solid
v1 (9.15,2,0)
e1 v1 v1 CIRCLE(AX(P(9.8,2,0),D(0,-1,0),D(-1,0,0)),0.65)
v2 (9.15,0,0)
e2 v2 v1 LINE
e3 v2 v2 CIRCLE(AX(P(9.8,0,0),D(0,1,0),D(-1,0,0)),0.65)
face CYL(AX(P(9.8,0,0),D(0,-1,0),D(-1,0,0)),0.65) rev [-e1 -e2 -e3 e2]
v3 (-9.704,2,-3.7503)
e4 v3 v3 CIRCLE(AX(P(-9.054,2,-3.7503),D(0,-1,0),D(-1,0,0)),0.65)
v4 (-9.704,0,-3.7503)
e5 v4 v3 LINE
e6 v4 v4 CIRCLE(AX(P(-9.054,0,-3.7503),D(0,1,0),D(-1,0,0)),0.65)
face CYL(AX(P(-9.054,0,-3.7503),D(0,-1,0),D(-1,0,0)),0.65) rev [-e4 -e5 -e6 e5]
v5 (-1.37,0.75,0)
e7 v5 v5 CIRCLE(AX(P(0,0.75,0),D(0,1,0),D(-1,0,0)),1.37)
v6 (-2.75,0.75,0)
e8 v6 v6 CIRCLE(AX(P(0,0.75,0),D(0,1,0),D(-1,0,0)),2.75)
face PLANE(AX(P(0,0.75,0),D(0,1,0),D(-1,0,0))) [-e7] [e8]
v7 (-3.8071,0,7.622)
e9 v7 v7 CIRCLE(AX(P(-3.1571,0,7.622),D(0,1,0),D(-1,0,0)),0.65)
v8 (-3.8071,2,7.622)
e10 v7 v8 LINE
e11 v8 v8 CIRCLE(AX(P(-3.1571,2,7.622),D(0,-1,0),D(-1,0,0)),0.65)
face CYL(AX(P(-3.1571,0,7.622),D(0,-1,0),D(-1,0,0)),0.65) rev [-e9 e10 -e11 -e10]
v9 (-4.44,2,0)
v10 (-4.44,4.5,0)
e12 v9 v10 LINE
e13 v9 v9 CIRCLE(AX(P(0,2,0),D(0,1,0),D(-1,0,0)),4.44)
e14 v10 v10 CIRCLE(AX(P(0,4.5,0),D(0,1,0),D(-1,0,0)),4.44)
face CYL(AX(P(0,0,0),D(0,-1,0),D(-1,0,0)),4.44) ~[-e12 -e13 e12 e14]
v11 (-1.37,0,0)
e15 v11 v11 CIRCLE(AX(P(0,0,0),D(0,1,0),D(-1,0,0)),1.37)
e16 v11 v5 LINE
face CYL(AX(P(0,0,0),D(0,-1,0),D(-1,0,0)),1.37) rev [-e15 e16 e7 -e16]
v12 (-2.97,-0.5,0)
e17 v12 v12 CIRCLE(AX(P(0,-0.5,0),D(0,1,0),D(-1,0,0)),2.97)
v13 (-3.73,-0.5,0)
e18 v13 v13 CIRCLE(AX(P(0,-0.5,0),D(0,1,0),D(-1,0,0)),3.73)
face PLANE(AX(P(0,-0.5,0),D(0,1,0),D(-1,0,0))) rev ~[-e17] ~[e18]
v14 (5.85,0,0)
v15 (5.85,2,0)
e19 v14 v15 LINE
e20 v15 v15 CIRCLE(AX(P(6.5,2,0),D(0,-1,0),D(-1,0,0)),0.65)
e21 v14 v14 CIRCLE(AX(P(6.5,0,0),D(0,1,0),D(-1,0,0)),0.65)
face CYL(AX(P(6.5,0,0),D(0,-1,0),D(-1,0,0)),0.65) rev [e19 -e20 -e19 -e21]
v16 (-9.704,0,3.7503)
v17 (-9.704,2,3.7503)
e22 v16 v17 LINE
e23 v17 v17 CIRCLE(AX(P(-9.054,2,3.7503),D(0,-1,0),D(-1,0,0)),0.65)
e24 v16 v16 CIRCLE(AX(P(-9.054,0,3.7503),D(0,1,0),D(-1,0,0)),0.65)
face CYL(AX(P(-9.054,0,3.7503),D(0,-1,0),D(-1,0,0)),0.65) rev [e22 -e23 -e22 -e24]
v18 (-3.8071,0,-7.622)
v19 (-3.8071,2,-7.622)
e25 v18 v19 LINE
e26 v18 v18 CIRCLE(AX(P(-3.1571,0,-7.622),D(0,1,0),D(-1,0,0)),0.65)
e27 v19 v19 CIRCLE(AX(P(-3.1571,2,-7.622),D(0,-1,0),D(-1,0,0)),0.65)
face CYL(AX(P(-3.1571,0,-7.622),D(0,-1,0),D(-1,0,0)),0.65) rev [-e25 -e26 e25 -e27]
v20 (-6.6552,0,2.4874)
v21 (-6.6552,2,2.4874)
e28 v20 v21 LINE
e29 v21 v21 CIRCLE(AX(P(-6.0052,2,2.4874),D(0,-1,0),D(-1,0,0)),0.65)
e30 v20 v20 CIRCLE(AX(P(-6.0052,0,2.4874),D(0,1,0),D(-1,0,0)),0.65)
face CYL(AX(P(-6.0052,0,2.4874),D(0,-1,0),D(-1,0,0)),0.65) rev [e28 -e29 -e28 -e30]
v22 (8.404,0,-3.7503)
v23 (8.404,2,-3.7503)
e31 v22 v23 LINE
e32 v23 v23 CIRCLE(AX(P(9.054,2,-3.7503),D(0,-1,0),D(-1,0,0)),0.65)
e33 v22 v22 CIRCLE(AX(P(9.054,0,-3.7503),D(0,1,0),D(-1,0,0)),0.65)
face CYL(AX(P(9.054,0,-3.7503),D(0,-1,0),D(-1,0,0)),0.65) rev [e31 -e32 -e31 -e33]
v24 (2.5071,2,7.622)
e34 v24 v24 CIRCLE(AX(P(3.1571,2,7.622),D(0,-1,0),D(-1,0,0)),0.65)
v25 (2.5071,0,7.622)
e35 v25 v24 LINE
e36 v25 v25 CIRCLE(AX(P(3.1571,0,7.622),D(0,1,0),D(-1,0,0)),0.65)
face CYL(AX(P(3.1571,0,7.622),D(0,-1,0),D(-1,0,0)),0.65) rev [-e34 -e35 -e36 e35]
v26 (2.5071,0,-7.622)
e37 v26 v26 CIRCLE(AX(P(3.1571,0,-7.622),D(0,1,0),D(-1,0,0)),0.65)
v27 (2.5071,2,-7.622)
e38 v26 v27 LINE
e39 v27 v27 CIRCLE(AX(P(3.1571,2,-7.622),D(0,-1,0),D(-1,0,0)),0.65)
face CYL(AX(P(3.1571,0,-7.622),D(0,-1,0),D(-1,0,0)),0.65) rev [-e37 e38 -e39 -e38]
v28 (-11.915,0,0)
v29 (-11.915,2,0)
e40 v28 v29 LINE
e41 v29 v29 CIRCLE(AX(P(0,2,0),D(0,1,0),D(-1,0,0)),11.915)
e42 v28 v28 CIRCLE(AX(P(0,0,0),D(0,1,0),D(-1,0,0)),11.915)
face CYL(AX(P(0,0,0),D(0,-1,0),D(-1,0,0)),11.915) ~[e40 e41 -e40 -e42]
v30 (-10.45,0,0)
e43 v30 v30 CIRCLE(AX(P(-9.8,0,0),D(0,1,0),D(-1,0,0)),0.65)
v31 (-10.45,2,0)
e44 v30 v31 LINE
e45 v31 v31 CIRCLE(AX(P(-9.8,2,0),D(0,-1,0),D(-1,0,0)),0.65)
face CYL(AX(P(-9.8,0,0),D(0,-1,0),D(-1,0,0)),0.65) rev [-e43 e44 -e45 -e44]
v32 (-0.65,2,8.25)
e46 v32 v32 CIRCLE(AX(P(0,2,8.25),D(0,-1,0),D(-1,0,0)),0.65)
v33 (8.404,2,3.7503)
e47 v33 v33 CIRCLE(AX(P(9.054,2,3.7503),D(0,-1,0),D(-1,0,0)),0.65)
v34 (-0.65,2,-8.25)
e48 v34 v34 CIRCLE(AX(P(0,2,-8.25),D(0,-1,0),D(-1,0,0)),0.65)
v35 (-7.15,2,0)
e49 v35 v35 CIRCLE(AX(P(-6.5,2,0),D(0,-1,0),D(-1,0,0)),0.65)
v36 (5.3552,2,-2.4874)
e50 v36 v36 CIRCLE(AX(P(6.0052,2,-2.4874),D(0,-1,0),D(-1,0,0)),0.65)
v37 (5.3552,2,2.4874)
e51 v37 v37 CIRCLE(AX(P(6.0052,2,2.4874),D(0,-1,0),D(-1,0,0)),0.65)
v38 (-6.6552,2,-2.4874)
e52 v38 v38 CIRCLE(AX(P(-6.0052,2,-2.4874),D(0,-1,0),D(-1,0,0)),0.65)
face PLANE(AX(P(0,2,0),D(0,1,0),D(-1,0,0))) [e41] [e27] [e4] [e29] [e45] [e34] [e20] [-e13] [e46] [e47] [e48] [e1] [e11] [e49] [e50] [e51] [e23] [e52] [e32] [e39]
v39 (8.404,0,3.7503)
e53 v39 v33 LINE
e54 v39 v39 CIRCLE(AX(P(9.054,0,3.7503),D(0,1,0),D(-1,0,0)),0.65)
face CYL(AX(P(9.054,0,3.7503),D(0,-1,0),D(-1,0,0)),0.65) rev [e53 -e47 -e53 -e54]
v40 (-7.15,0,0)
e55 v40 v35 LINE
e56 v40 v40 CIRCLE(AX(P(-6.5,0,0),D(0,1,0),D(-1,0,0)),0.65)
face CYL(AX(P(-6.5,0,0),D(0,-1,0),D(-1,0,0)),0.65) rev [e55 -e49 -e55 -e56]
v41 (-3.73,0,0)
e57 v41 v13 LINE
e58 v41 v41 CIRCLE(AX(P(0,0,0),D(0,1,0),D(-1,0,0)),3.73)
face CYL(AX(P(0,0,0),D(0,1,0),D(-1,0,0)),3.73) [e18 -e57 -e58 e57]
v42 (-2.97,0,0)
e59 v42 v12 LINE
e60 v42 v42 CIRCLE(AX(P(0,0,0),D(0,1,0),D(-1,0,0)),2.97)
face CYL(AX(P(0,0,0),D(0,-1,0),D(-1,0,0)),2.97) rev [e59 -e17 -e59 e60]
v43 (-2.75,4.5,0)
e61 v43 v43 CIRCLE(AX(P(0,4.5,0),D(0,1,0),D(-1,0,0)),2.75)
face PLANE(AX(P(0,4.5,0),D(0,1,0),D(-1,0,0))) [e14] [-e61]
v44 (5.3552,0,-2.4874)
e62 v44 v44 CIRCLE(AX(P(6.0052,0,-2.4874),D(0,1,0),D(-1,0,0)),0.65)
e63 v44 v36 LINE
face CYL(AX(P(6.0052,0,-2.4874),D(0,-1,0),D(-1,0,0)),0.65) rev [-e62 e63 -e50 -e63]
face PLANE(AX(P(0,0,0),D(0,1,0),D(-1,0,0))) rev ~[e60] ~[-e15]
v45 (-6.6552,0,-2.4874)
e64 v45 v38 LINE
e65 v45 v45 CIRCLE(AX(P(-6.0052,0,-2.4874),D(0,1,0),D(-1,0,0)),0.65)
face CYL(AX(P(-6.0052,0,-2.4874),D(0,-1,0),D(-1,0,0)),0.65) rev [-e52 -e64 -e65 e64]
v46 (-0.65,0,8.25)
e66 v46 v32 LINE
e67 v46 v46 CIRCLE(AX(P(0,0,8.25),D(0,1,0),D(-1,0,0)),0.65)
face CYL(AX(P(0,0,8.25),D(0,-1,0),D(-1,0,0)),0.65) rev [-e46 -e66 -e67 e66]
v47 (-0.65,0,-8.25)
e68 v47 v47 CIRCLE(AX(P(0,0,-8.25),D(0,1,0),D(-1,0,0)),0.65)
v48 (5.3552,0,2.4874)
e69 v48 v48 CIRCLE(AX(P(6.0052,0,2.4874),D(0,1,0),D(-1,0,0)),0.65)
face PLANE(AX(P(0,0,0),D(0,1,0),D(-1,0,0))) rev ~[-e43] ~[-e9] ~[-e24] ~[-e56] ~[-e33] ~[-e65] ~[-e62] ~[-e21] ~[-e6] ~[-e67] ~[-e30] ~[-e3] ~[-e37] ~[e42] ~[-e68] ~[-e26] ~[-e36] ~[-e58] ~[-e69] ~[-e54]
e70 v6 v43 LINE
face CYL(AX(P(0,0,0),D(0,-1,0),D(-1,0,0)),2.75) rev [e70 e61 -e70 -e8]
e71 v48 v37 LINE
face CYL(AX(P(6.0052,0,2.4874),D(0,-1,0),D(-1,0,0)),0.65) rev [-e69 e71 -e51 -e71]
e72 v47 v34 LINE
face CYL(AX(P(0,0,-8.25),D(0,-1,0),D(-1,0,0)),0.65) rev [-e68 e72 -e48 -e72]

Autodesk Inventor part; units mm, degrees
ref_plane "YZ Plane" through (0, 0, 0) normal (1, 0, 0) x (0, 1, 0)
ref_plane "XZ Plane" through (0, 0, 0) normal (0, 1, 0) x (-1, 0, 0)
ref_plane "XY Plane" through (0, 0, 0) normal (0, 0, 1) x (1, 0, 0)
sketch "Sketch1" plane through (0, 0, 0) normal (0, 1, 0) x (-1, 0, 0)
  circle A0 centre (0, 0) radius 11.915
  circle A1 centre (0, 0) radius 9.8
  circle A2 centre (0, 0) radius 8.25
  circle A3 centre (0, 0) radius 6.5
  circle A4 centre (6.5, 0) radius 0.65
  circle A5 centre (9.8, 0) radius 0.65
  circle A6 centre (9.054, 3.7503) radius 0.65
  circle A7 centre (6.0052, 2.4874) radius 0.65
  circle A8 centre (9.054, -3.7503) radius 0.65
  circle A9 centre (6.0052, -2.4874) radius 0.65
  circle A10 centre (-9.054, -3.7503) radius 0.65
  circle A11 centre (-6.0052, -2.4874) radius 0.65
  circle A12 centre (-6.5, 0) radius 0.65
  circle A13 centre (-9.8, 0) radius 0.65
  circle A14 centre (-6.0052, 2.4874) radius 0.65
  circle A15 centre (-9.054, 3.7503) radius 0.65
  circle A16 centre (0, 8.25) radius 0.65
  circle A17 centre (-3.1571, 7.622) radius 0.65
  circle A18 centre (3.1571, 7.622) radius 0.65
  circle A19 centre (-3.1571, -7.622) radius 0.65
  circle A20 centre (0, -8.25) radius 0.65
  circle A21 centre (3.1571, -7.622) radius 0.65
  circle A22 centre (0, 0) radius 1.37
  circle A23 centre (0, 0) radius 2.75
  circle A24 centre (0, 0) radius 2.97
  circle A25 centre (0, 0) radius 3.73
  circle A26 centre (0, 0) radius 4.44
  dimension "d1" = 19.6
  dimension "d2" = 16.5
  dimension "d3" = 13
  dimension "d0" = 23.83
  dimension "d4" = 1.3
  dimension "d5" = 1.3
  dimension "d8" = 22.5
  dimension "d12" = 337.5
  dimension "d16" = 180
  dimension "d18" = 1.3
  dimension "d21" = 22.5
  dimension "d25" = 337.5
  dimension "d29" = 180
  dimension "d31" = 2.74
  dimension "d32" = 5.5
  dimension "d33" = 5.94
  dimension "d34" = 7.46
  dimension "d35" = 8.88
extrude "Extrusion1" add sketch "Sketch1" along normal blind 2 contours A0 | A5 A1 A8 A10 A13 A15 A6 | A2 A21 A20 A19 A17 A16 A18 | A4 A3 A9 A11 A12 A14 A7
extrude "Extrusion2" add sketch "Sketch1" along normal blind 4.5 contours A26
extrude "Extrusion3" add sketch "Sketch1" along normal blind 4.5 and the other way blind 0.5 contours A25
extrude "Extrusion4" add sketch "Sketch1" along normal blind 4.5 contours A24
extrude "Extrusion5" add sketch "Sketch1" along normal blind 0.75 contours A23
properties part number "Standard Servo Horn - White Circle"
